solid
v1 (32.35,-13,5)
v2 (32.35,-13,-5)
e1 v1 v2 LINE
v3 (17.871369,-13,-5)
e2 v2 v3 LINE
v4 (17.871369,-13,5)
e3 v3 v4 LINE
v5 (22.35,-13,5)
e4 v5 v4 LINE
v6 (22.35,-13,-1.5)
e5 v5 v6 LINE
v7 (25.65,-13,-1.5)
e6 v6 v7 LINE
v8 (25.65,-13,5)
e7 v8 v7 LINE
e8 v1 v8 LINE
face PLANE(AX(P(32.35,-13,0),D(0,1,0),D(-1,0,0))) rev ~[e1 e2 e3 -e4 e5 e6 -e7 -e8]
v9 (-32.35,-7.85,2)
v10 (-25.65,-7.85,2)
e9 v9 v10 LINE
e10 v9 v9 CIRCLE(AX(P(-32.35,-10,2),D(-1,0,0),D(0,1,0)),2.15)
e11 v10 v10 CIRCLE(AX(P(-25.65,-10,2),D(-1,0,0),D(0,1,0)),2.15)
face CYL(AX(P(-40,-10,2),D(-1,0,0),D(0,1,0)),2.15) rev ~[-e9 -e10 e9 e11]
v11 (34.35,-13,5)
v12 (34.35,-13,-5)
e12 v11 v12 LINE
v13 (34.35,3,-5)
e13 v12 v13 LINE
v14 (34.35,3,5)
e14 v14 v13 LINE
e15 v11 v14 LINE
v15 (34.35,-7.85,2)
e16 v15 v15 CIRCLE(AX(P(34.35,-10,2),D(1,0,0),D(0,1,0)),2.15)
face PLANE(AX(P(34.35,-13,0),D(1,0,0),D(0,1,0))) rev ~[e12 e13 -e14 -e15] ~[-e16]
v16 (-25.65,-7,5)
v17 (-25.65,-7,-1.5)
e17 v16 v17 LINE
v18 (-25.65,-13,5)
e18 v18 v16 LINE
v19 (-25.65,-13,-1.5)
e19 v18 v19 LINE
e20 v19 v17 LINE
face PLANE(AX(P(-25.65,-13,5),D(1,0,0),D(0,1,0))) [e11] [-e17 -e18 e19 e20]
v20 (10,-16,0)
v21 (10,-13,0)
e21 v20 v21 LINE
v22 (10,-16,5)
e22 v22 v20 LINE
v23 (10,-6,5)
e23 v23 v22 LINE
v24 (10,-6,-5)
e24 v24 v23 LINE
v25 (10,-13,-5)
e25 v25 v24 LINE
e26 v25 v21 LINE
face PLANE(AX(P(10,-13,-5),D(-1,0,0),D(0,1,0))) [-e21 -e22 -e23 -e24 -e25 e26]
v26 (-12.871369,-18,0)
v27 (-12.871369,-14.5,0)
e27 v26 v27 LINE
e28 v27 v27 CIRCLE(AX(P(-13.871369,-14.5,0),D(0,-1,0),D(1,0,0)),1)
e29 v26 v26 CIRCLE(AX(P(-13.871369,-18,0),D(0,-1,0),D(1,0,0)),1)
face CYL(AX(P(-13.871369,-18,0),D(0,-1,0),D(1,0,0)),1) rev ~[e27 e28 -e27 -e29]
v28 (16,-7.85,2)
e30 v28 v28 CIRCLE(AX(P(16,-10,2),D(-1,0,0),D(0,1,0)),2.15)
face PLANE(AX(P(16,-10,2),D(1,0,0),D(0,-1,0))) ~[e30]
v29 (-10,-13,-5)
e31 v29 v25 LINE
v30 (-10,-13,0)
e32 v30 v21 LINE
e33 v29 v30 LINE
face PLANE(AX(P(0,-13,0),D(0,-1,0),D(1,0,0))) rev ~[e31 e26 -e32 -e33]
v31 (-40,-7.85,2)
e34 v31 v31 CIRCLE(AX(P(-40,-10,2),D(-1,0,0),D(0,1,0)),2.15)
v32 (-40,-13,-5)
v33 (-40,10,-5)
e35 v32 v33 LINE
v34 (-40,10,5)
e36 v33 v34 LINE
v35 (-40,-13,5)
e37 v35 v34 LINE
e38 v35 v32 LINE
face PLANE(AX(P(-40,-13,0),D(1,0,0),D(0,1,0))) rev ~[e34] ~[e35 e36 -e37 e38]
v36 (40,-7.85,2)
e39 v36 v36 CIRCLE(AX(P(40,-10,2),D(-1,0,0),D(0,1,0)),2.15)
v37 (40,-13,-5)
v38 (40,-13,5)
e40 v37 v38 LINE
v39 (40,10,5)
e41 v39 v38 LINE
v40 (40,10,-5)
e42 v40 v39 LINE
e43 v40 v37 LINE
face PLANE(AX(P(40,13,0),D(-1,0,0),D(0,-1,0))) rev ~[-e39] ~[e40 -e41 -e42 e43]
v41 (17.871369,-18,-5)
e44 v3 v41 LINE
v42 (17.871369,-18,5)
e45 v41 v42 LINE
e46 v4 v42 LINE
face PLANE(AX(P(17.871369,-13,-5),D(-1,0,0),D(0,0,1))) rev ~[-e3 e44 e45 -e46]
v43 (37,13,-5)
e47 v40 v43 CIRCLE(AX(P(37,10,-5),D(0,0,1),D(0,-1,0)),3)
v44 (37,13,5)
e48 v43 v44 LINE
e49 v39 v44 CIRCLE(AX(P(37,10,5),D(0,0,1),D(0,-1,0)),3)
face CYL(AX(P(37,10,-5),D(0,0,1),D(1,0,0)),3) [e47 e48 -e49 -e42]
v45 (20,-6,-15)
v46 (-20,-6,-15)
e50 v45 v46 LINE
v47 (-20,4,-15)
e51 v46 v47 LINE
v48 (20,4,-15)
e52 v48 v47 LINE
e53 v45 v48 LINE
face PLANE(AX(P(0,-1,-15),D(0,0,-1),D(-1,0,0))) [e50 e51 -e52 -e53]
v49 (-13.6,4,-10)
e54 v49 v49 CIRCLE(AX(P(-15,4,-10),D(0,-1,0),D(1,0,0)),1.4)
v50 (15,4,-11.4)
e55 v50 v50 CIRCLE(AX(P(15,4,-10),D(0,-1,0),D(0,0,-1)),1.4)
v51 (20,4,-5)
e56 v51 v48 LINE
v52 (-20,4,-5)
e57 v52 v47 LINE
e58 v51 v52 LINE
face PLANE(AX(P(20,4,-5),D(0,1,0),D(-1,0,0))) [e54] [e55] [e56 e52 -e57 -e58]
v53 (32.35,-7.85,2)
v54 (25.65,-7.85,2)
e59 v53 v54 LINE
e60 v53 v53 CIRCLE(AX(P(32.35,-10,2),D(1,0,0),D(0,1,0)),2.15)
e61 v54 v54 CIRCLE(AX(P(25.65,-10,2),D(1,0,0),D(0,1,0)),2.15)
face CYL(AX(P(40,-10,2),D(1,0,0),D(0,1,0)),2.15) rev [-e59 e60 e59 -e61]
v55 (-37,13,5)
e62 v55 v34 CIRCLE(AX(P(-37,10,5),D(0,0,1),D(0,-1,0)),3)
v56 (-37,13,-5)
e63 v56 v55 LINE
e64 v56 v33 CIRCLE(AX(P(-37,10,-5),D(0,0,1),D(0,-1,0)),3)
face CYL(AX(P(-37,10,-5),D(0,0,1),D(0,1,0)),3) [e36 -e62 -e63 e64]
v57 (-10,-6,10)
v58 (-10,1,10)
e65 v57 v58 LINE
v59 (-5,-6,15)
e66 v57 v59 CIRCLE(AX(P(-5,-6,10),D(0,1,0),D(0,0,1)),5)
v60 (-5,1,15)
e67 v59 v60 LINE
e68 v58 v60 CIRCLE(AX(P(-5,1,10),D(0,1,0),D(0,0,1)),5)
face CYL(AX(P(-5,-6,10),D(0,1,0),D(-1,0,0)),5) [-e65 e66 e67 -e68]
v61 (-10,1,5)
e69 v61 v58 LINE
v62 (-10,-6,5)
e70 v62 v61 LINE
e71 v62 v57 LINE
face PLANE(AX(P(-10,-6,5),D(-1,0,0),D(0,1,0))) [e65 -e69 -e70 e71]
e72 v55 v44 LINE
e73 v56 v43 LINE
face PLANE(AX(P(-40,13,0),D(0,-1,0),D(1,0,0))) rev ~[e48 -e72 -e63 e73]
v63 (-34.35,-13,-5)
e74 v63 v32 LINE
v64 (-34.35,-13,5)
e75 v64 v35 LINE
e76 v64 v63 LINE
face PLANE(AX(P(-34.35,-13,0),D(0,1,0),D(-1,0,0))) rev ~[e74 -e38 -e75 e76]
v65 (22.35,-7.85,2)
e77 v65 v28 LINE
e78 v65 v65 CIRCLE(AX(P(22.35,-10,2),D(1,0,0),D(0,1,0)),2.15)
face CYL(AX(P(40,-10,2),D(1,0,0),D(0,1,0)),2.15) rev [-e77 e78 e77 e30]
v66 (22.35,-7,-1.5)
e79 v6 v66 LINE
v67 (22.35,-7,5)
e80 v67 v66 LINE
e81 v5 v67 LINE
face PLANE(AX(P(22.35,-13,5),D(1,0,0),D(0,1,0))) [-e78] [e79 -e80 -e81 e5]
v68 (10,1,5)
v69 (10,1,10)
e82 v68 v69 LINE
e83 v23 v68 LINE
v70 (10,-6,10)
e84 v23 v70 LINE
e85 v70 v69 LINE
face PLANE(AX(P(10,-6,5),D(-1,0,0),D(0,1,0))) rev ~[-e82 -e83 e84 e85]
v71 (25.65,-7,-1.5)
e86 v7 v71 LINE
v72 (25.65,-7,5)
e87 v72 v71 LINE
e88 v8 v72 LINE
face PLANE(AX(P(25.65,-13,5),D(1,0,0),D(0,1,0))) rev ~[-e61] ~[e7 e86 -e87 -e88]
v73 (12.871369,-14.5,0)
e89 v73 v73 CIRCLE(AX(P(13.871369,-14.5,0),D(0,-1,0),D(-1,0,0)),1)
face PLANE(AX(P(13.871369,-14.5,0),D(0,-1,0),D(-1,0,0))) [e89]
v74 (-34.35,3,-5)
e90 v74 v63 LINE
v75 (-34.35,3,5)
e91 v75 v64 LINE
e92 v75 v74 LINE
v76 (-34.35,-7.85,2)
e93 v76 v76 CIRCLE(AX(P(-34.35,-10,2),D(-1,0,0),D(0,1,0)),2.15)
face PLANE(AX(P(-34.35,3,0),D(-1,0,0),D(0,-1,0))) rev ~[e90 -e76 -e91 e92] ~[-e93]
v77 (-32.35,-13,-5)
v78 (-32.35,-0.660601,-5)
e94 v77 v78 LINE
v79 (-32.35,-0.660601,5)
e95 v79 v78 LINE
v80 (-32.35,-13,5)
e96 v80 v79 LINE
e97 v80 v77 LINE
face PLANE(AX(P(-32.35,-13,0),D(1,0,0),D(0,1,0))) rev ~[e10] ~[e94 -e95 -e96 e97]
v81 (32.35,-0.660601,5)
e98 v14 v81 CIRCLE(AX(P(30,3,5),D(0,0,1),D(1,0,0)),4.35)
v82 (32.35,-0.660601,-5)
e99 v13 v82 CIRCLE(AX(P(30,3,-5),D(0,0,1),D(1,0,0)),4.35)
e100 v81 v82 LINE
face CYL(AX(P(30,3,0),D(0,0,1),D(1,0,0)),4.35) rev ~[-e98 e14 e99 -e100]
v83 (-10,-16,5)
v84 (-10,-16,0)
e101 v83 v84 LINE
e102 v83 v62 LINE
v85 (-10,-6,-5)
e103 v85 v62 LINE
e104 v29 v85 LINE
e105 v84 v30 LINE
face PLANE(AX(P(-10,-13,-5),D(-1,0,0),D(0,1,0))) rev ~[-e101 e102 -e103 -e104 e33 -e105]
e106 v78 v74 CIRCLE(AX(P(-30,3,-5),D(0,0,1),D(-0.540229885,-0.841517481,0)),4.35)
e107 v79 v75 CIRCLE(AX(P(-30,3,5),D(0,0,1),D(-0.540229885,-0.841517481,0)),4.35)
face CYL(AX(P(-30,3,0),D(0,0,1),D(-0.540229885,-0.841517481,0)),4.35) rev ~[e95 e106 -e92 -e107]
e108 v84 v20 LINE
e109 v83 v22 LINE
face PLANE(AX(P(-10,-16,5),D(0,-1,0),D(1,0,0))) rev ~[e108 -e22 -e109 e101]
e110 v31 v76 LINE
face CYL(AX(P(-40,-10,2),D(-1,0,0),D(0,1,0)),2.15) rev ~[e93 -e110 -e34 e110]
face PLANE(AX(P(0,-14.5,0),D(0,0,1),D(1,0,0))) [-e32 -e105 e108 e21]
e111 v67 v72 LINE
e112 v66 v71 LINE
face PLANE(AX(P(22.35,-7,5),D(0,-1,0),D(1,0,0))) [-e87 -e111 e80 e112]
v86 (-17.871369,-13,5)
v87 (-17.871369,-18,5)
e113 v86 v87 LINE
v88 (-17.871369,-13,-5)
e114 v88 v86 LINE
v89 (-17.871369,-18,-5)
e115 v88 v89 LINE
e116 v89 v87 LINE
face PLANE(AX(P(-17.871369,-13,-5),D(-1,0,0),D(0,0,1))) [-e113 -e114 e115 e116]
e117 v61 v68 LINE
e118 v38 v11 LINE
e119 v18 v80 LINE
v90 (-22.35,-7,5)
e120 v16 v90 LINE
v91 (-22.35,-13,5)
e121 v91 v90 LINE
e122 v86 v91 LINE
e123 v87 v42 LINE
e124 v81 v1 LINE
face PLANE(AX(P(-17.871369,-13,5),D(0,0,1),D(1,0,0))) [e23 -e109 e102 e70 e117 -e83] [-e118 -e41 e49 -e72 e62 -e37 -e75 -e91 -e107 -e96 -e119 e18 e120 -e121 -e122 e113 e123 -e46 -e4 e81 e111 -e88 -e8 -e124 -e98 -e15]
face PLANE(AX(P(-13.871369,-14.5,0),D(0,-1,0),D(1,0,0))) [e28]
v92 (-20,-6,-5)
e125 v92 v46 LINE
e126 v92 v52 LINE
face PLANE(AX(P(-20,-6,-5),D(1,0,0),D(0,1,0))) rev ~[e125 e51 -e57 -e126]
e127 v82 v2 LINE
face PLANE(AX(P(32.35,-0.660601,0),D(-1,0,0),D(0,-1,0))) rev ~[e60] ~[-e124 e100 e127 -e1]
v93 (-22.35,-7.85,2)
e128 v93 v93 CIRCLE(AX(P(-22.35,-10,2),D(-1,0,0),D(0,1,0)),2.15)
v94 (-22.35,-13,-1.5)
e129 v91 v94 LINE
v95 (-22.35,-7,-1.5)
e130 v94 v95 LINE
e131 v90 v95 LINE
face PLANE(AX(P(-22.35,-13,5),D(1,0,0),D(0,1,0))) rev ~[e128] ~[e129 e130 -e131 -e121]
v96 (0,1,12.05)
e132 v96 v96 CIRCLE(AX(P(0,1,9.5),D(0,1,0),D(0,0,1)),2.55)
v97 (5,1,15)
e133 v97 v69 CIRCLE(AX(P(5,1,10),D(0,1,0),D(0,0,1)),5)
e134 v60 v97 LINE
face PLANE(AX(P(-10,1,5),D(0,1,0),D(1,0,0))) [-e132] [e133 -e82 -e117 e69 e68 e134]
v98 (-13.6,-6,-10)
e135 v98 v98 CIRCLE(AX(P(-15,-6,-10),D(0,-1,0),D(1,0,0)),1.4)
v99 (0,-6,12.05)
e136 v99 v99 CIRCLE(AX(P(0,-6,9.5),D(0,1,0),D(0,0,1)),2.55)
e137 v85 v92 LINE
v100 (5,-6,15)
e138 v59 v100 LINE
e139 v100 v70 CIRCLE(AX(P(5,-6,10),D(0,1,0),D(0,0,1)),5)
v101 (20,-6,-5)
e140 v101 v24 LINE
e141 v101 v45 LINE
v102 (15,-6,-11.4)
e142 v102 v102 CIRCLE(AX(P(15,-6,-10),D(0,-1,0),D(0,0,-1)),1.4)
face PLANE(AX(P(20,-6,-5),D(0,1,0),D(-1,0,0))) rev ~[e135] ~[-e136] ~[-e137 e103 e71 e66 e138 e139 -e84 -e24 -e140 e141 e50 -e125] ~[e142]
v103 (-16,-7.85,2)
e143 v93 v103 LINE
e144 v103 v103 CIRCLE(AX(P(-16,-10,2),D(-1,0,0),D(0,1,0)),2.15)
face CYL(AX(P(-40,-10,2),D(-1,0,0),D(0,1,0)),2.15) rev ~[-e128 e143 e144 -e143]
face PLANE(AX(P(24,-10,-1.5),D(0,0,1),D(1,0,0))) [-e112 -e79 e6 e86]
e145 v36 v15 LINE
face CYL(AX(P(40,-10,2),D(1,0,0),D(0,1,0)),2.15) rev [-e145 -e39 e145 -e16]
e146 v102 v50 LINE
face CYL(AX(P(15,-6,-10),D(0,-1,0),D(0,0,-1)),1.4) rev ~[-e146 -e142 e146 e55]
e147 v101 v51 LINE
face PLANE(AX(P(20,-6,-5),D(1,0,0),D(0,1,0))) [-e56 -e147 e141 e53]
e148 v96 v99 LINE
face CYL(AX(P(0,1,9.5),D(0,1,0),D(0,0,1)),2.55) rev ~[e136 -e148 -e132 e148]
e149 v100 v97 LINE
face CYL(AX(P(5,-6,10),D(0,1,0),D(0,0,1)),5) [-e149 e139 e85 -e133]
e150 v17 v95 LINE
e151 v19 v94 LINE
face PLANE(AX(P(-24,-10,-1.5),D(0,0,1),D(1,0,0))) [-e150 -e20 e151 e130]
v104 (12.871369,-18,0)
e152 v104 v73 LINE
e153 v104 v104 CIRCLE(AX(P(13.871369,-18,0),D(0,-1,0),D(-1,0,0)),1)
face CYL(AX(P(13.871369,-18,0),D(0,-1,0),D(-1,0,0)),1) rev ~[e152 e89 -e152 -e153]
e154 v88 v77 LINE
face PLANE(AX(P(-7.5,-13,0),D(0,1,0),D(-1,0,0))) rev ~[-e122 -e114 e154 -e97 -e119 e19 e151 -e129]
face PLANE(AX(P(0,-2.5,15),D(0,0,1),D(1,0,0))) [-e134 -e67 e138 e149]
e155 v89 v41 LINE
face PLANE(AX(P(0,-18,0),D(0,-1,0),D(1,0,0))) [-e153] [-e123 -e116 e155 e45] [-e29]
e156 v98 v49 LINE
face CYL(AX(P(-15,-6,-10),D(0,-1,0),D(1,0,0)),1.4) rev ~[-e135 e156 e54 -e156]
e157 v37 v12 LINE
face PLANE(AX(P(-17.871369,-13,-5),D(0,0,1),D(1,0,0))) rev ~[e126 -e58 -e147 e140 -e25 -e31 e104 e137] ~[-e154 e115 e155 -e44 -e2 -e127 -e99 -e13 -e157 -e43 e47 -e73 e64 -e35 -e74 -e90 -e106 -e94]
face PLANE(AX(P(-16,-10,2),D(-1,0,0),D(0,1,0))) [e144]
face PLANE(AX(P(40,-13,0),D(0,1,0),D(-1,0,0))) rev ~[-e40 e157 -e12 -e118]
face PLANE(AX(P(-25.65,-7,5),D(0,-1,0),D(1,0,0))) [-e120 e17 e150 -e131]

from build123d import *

# Parameters (mm, degrees)
BOSS_EXTRUDE1_DEPTH = 5
SKETCH2_W           = 3.3
SKETCH2_H           = 6
CUT_EXTRUDE2_DEPTH  = 6.5
SKETCH3_R           = 2.15
CUT_EXTRUDE4_DEPTH  = 24
FILLET1_R           = 0.5
FILLET2_R           = 3
SKETCH5_W           = 10.2
SKETCH5_H           = 7
CUT_EXTRUDE5_DEPTH  = 44.231932642
SKETCH8_W           = 20
SKETCH8_H           = 7
CUT_EXTRUDE6_DEPTH  = 44.231932642
SKETCH9_W           = 20
SKETCH9_H           = 7
BOSS_EXTRUDE2_DEPTH = 10
SKETCH10_R          = 2.55
CUT_EXTRUDE7_DEPTH  = 45.955533586
FILLET3_R           = 5
SKETCH11_W          = 40
SKETCH11_H          = 10
BOSS_EXTRUDE3_DEPTH = 10
SKETCH13_W          = 35.742737896
SKETCH13_H          = 10
BOSS_EXTRUDE5_DEPTH = 5
SKETCH14_R          = 1.4
CUT_EXTRUDE8_DEPTH  = 47.75467891
SKETCH16_W          = 20
SKETCH16_H          = 3
CUT_EXTRUDE10_DEPTH = 5
SKETCH17_R          = 1
CUT_EXTRUDE11_DEPTH = 3.5


with BuildPart() as part:
    # Sketch1 → Boss-Extrude1 (new, symmetric)
    with BuildSketch(Plane.XY):
        with BuildLine():
            Line((40, -13), (34.35, -13))
            Line((34.35, -13), (34.35, 3))
            ThreePointArc((34.35, 3), (26.182605601, 5.085665361), (32.35, -0.660601044))
            Line((32.35, -0.660601044), (32.35, -13))
            Line((32.35, -13), (7.5, -13))
            Line((7.5, -13), (7.5, -6))
            Line((7.5, -6), (5.1, -6))
            Line((5.1, -6), (5.1, -13))
            Line((5.1, -13), (-5.1, -13))
            Line((-5.1, -13), (-5.1, -6))
            Line((-5.1, -6), (-7.5, -6))
            Line((-7.5, -6), (-7.5, -13))
            Line((-7.5, -13), (-32.35, -13))
            Line((-32.35, -13), (-32.35, -0.660601044))
            ThreePointArc((-32.35, -0.660601044), (-26.182605601, 5.085665361), (-34.35, 3))
            Line((-34.35, 3), (-34.35, -13))
            Line((-34.35, -13), (-40, -13))
            Line((-40, -13), (-40, 13))
            Line((-40, 13), (40, 13))
            Line((40, 13), (40, -13))
        make_face()
    extrude(amount=BOSS_EXTRUDE1_DEPTH, both=True)

    # Sketch2 → Cut-Extrude2 (cut)
    with BuildSketch(Plane.XY.offset(5)):
        with Locations((-24, -10)):
            Rectangle(SKETCH2_W, SKETCH2_H)
        with Locations((24, -10)):
            Rectangle(SKETCH2_W, SKETCH2_H)
    extrude(amount=-CUT_EXTRUDE2_DEPTH, mode=Mode.SUBTRACT)

    # Sketch3 → Cut-Extrude4 (cut)
    with BuildSketch(Plane.ZY.offset(40)):
        with Locations(Location((2, -10, 0), (0, 0, 90))):
            Circle(SKETCH3_R)
    cut_extrude4 = extrude(amount=-CUT_EXTRUDE4_DEPTH, mode=Mode.SUBTRACT)

    # Mirror1: Cut-Extrude4 across plane
    add(cut_extrude4.mirror(Plane(origin=(0, 0, 0), x_dir=(0, 0, 1), z_dir=(1, 0, 0))), mode=Mode.SUBTRACT)

    # Fillet1
    fillet1_edges = [part.edges().sort_by_distance(p)[0] for p in [
        (5.1, -9.5, -5),
        (-5.1, -9.5, -5),
    ]]
    fillet(fillet1_edges, radius=FILLET1_R)

    # Fillet2
    fillet2_edges = [part.edges().sort_by_distance(p)[0] for p in [
        (-40, 13, 0),
        (40, 13, 0),
    ]]
    fillet(fillet2_edges, radius=FILLET2_R)

    # Sketch5 → Cut-Extrude5 (cut, through all)
    with BuildSketch(Plane.XY.offset(5)):
        with Locations((0, -9.5)):
            Rectangle(SKETCH5_W, SKETCH5_H)
    extrude(amount=-CUT_EXTRUDE5_DEPTH, mode=Mode.SUBTRACT)

    # Sketch8 → Cut-Extrude6 (cut, through all)
    with BuildSketch(Plane(origin=(0, 0, -5), x_dir=(-1, 0, 0), z_dir=(0, 0, -1))):
        with Locations((0, -9.5)):
            Rectangle(SKETCH8_W, SKETCH8_H)
    extrude(amount=-CUT_EXTRUDE6_DEPTH, mode=Mode.SUBTRACT)

    # Sketch9 → Boss-Extrude2 (add)
    with BuildSketch(Plane.XY.offset(5)):
        with Locations((0, -2.5)):
            Rectangle(SKETCH9_W, SKETCH9_H)
    extrude(amount=BOSS_EXTRUDE2_DEPTH)

    # Sketch10 → Cut-Extrude7 (cut, through all)
    with BuildSketch(Plane(origin=(0, 1, 0), x_dir=(1, 0, 0), z_dir=(0, 1, 0))):
        with Locations(Location((0, -9.5, 0), (0, 0, 270))):
            Circle(SKETCH10_R)
    extrude(amount=-CUT_EXTRUDE7_DEPTH, mode=Mode.SUBTRACT)

    # Fillet3
    fillet3_edges = [part.edges().sort_by_distance(p)[0] for p in [
        (-10, -2.5, 15),
        (10, -2.5, 15),
    ]]
    fillet(fillet3_edges, radius=FILLET3_R)

    # Sketch11 → Boss-Extrude3 (add)
    with BuildSketch(Plane(origin=(0, 0, -5), x_dir=(-1, 0, 0), z_dir=(0, 0, -1))):
        with Locations((0, -1)):
            Rectangle(SKETCH11_W, SKETCH11_H)
    extrude(amount=BOSS_EXTRUDE3_DEPTH)

    # Sketch13 → Boss-Extrude5 (add)
    with BuildSketch(Plane.XZ.offset(13)):
        Rectangle(SKETCH13_W, SKETCH13_H)
    extrude(amount=BOSS_EXTRUDE5_DEPTH)

    # Sketch14 → Cut-Extrude8 (cut, through all)
    with BuildSketch(Plane.XZ.offset(6)):
        with Locations((-15, -10)):
            Circle(SKETCH14_R)
        with Locations(Location((15, -10, 0), (0, 0, 270))):
            Circle(SKETCH14_R)
    extrude(amount=-CUT_EXTRUDE8_DEPTH, mode=Mode.SUBTRACT)

    # Sketch16 → Cut-Extrude10 (cut)
    with BuildSketch(Plane.XY.offset(5)):
        with Locations((0, -14.5)):
            Rectangle(SKETCH16_W, SKETCH16_H)
    extrude(amount=-CUT_EXTRUDE10_DEPTH, mode=Mode.SUBTRACT)

    # Sketch17 → Cut-Extrude11 (cut)
    with BuildSketch(Plane.XZ.offset(18)):
        with Locations((-13.871368948, 0)):
            Circle(SKETCH17_R)
        with Locations(Location((13.871368948, 0, 0), (0, 0, 180))):
            Circle(SKETCH17_R)
    extrude(amount=-CUT_EXTRUDE11_DEPTH, mode=Mode.SUBTRACT)


solid = part.part
